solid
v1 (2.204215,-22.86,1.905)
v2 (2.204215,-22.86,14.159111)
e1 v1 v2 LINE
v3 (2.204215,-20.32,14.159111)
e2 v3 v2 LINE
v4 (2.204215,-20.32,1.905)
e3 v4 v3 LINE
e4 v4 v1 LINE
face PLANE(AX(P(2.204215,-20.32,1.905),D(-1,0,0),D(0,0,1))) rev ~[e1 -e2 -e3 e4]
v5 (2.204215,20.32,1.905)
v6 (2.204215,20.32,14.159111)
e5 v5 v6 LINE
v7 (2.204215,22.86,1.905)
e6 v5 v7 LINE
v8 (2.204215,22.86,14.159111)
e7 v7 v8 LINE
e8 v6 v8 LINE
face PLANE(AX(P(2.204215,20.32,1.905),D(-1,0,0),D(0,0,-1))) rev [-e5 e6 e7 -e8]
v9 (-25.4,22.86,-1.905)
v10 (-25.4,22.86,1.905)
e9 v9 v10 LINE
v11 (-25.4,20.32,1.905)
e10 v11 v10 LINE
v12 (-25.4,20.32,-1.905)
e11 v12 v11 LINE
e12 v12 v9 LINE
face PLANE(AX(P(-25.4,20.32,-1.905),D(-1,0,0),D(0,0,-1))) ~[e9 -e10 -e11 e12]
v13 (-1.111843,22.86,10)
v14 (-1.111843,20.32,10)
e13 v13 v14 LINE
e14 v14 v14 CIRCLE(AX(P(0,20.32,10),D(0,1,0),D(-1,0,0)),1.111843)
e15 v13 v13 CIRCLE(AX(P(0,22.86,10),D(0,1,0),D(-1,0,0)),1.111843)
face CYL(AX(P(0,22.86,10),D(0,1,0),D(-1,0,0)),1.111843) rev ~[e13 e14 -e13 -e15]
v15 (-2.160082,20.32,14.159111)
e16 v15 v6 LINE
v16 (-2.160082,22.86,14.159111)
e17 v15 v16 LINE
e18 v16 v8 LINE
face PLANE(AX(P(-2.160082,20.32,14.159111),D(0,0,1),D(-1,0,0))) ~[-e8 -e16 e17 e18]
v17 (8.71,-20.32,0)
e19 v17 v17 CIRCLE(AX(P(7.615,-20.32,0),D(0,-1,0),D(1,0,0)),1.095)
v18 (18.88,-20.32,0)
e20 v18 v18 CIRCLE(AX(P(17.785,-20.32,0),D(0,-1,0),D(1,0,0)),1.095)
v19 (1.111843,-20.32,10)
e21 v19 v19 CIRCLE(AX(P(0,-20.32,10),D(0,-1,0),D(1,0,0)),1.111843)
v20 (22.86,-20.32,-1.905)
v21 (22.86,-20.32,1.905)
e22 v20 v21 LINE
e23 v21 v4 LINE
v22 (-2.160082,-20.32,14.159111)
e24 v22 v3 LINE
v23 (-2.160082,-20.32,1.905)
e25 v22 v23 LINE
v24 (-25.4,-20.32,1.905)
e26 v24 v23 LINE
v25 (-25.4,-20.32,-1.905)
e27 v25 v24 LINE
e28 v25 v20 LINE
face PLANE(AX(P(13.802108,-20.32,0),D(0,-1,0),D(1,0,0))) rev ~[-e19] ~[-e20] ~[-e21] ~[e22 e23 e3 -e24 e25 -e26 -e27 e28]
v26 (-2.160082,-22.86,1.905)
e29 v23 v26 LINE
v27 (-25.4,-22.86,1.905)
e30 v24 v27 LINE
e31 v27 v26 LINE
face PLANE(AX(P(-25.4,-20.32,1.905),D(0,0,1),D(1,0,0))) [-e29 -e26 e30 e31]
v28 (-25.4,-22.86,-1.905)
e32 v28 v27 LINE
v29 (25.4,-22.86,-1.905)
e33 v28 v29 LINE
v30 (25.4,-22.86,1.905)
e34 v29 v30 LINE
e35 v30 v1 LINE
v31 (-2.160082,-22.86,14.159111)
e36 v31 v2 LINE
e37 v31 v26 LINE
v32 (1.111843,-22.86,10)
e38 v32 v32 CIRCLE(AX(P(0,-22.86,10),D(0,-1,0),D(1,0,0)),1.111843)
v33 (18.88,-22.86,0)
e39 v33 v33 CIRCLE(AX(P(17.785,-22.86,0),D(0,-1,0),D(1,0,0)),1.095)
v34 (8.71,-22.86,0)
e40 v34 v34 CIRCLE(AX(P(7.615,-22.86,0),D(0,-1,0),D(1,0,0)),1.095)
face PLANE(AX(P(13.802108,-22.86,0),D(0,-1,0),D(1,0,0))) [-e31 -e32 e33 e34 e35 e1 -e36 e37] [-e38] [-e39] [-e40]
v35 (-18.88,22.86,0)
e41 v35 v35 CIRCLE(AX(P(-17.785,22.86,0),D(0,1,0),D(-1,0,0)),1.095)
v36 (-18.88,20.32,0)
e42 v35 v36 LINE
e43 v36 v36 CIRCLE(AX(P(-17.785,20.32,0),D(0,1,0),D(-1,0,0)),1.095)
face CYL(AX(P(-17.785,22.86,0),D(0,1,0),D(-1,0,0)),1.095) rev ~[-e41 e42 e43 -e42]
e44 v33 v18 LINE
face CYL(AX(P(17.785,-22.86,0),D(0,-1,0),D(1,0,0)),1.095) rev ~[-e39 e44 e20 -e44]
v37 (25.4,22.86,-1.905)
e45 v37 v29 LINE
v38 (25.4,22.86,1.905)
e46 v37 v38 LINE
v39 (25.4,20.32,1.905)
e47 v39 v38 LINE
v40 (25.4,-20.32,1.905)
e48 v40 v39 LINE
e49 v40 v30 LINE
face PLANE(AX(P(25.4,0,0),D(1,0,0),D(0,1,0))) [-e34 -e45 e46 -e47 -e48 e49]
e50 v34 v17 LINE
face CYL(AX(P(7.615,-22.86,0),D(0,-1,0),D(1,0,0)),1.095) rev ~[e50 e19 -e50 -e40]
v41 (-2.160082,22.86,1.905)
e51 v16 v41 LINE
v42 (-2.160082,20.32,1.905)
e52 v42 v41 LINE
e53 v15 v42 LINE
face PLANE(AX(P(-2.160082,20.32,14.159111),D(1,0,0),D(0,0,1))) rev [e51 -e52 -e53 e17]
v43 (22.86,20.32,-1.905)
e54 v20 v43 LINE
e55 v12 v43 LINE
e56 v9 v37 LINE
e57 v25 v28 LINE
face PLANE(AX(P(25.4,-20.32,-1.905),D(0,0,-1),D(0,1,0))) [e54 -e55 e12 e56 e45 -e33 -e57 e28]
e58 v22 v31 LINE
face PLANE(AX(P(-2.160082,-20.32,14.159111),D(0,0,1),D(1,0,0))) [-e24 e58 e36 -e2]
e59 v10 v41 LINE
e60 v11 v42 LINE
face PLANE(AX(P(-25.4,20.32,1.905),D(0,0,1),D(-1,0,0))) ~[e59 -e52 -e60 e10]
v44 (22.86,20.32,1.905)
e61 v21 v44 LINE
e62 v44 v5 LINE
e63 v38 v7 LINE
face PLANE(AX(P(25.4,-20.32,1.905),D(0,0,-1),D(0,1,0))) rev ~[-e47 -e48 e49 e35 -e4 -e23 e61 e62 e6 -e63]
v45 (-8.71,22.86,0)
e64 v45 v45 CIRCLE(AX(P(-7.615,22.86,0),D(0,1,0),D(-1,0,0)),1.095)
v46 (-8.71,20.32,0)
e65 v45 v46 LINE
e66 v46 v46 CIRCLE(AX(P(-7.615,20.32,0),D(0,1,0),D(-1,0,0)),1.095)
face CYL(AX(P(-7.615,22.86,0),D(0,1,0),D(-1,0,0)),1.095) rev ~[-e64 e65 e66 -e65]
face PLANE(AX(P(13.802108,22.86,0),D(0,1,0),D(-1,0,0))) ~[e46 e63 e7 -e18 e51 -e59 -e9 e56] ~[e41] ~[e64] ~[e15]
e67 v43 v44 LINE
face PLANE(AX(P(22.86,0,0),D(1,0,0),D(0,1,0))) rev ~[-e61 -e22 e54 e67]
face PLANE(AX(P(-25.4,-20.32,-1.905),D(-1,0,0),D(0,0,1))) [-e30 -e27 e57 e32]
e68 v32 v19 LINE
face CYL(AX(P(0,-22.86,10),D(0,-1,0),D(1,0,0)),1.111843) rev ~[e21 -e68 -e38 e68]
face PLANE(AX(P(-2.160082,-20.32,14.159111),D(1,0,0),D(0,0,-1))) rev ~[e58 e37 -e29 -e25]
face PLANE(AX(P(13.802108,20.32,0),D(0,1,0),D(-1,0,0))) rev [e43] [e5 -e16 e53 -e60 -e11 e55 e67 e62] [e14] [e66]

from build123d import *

# Parameters (mm, degrees)
F0_W     = 23.1957846131
F0_H     = 3.81
F0_W_2   = 4.3642977253
F0_H_2   = 12.2541113061
F0_W_3   = 23.2399176616
F1_DEPTH = 2.54
F3_R     = 1.095
F3_R_2   = 1.1118429646
F5_DEPTH = 2.54
F6_W     = 40.64
F6_H     = 3.81
F7_DEPTH = 2.54
F8_R     = 1.095
F8_R_2   = 1.1118429646
F9_DEPTH = 2.54


with BuildPart() as f1:
    # F0 (on Front) → F1 (new body)
    with BuildSketch(Plane.XZ):
        with Locations((13.8021076934, 0)):
            Rectangle(F0_W, F0_H)
        with Locations((0.0220665243, 0)):
            Rectangle(F0_W_2, F0_H)
        with Locations((0.0220665243, 8.032055653)):
            Rectangle(F0_W_2, F0_H_2)
        with Locations((-13.7800411692, 0)):
            Rectangle(F0_W_3, F0_H)
    extrude(amount=F1_DEPTH)


with BuildPart() as f1_1:
    # F2: moved
    add(f1.part.moved(Location((0, -20.32, 0))))


with BuildPart() as f4_1:
    # F4: instance of F1
    add(f1_1.part.mirror(Plane.XZ))


with BuildPart() as f1_2:
    add(f1_1.part)

    # F3 (on face) → F5 (cut, through all)
    with BuildSketch(Plane.XZ.offset(22.86)):
        with Locations((7.615, 0)):
            Circle(F3_R)
        with Locations((17.785, 0)):
            Circle(F3_R)
        with Locations((0, 10)):
            Circle(F3_R_2)
    extrude(amount=-F5_DEPTH, mode=Mode.SUBTRACT)

    add(f4_1.part)  # F7 merges F4_1
    # F6 (on face) → F7 (join)
    with BuildSketch(Plane.YZ.offset(25.4)):
        Rectangle(F6_W, F6_H)
    extrude(amount=-F7_DEPTH)

    # F8 (on face) → F9 (cut, through all)
    with BuildSketch(Plane(origin=(0, 22.86, 0), x_dir=(-1, 0, 0), z_dir=(0, 1, 0))):
        with Locations((7.615, 0)):
            Circle(F8_R)
        with Locations((17.785, 0)):
            Circle(F8_R)
        with Locations((0, 10)):
            Circle(F8_R_2)
    extrude(amount=-F9_DEPTH, mode=Mode.SUBTRACT)


solid = f1_2.part
